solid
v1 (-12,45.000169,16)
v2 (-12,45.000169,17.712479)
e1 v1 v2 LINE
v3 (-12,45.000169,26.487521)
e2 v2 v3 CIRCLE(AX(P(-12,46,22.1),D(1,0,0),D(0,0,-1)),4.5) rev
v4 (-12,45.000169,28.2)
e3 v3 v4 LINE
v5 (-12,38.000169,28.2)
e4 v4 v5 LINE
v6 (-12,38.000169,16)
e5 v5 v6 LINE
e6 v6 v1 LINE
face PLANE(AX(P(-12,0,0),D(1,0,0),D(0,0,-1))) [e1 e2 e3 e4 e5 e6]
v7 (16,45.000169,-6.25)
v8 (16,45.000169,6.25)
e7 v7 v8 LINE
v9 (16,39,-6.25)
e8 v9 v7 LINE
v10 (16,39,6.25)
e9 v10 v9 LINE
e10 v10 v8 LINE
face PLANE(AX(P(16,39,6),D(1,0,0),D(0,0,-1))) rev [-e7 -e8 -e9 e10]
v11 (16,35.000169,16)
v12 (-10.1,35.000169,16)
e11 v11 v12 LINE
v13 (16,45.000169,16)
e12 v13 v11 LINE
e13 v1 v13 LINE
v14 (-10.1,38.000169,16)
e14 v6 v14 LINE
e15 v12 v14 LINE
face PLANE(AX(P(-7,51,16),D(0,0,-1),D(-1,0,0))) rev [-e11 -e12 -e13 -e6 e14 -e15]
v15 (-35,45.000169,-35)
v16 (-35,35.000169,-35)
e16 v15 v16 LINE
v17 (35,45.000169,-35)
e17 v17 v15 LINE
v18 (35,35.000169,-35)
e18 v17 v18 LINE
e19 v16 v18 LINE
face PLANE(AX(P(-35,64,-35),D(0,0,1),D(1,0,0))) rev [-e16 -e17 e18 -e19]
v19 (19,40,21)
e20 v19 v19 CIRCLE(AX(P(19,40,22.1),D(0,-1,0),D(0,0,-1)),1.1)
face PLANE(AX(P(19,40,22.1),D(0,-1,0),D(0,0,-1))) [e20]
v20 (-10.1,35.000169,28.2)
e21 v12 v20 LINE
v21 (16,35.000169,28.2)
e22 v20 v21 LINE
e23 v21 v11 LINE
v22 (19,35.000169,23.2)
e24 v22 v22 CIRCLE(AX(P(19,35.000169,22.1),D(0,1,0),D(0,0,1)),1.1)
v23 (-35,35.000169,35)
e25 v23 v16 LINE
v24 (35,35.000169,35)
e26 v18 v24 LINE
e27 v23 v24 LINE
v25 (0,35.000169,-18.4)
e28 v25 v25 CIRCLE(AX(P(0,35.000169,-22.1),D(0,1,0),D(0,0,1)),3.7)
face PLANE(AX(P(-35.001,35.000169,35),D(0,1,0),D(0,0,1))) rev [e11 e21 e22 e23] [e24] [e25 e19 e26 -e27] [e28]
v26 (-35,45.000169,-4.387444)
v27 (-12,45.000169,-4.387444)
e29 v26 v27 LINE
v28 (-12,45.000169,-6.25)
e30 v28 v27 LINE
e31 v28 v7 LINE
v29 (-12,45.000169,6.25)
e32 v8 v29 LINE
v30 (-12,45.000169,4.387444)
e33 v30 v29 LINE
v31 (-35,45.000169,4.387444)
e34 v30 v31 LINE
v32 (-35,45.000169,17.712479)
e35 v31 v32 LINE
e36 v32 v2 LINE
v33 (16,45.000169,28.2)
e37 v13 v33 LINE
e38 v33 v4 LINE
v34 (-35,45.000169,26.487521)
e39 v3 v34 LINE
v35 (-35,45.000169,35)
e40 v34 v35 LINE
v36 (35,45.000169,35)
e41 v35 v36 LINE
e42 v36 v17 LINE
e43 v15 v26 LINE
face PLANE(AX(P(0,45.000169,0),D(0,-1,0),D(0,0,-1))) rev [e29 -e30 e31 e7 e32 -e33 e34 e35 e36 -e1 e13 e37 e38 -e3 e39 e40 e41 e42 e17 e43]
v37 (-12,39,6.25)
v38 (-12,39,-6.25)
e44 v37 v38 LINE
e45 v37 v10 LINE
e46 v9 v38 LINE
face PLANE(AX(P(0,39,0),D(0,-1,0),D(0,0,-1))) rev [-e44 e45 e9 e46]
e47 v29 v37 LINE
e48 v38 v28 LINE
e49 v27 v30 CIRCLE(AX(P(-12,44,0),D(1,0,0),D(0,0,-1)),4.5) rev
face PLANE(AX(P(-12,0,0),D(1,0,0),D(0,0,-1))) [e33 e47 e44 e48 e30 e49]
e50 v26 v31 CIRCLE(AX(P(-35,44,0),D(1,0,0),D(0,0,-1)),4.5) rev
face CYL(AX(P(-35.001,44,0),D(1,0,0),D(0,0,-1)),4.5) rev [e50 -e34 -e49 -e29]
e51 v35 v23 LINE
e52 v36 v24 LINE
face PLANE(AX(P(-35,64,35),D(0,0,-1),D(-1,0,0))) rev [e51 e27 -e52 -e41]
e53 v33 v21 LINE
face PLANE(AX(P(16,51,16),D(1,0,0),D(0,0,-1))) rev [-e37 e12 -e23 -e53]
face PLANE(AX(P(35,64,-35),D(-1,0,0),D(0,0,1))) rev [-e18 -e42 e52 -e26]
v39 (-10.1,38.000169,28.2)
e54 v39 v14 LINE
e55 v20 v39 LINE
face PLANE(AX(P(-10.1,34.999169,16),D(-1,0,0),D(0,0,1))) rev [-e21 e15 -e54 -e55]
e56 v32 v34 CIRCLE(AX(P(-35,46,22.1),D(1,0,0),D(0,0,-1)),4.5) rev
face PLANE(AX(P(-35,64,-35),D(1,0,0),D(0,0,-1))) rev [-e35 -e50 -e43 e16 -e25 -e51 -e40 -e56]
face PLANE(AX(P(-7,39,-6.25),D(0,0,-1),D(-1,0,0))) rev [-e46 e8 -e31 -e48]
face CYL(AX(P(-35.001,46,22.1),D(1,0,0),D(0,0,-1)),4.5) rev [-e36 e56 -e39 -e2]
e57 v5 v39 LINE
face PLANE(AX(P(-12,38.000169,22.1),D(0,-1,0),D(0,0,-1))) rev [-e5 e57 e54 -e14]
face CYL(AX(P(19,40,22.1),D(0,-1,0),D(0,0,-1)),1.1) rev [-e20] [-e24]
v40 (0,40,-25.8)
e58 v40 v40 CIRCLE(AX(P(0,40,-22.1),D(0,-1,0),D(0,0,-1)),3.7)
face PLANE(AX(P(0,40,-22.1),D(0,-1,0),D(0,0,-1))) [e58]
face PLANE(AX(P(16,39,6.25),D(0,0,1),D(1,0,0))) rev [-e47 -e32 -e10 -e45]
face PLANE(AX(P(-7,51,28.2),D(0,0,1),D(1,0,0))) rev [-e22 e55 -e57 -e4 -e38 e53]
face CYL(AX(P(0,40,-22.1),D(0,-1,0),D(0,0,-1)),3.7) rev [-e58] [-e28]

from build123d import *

# Parameters (mm, degrees)
CROQUIS1_W              = 64
CROQUIS1_H              = 64
SALIENTE_EXTRUIR1_DEPTH = 60
CROQUIS2_W              = 70
CROQUIS2_H              = 70
CROQUIS2_W_2            = 64
CROQUIS2_H_2            = 64
SALIENTE_EXTRUIR2_DEPTH = 64
CORTAR_EXTRUIR1_DEPTH   = 21
CROQUIS5_R              = 1.1
CORTAR_EXTRUIR2_DEPTH   = 10
CORTAR_EXTRUIR3_REACH   = 30
CROQUIS10_R             = 4.5
CROQUIS11_W             = 70
CROQUIS11_H             = 70
CORTAR_EXTRUIR4_DEPTH   = 30
CROQUIS12_W             = 23
CROQUIS12_H             = 12.2
CORTAR_EXTRUIR5_DEPTH   = 21
CORTAR_EXTRUIR6_REACH   = 30
CROQUIS13_R             = 4.5
CROQUIS14_R             = 1.1
CORTAR_EXTRUIR7_DEPTH   = 10
CROQUIS15_R             = 3.7
CORTAR_EXTRUIR8_DEPTH   = 10
CROQUIS16_W             = 64
CROQUIS16_H             = 64
CORTAR_EXTRUIR9_DEPTH   = 5
CROQUIS17_W             = 12.5
CROQUIS17_H             = 12.998685397
CORTAR_EXTRUIR10_DEPTH  = 5
CORTAR_EXTRUIR11_REACH  = 72
CROQUIS18_W             = 70
CROQUIS18_H             = 9
CROQUIS18_H_2           = 5.000169364
CORTAR_EXTRUIR13_DEPTH  = 5
CORTAR_EXTRUIR14_REACH  = 12
CROQUIS21_W             = 81.467019472
CROQUIS21_H             = 81.467019472
CORTAR_EXTRUIR15_REACH  = 5
CROQUIS22_W             = 3.1
CROQUIS22_H             = 12.2


with BuildPart() as part:
    # Croquis1 → Saliente-Extruir1 (new body)
    with BuildSketch(Plane(origin=(0, 0, 0), x_dir=(1, 0, 0), z_dir=(0, 1, 0))):
        Rectangle(CROQUIS1_W, CROQUIS1_H)
    extrude(amount=SALIENTE_EXTRUIR1_DEPTH)

    # Croquis2 → Saliente-Extruir2 (add)
    with BuildSketch(Plane(origin=(0, 0, 0), x_dir=(1, 0, 0), z_dir=(0, 1, 0))):
        Rectangle(CROQUIS2_W, CROQUIS2_H)
        Rectangle(CROQUIS2_W_2, CROQUIS2_H_2, mode=Mode.SUBTRACT)
    extrude(amount=SALIENTE_EXTRUIR2_DEPTH)

    # Croquis4 → Cortar-Extruir1 (cut)
    with BuildSketch(Plane(origin=(0, 60, 0), x_dir=(1, 0, 0), z_dir=(0, 1, 0))):
        Polygon((-7, 6), (-7, -6), (-7, -6.25), (16, -6.25), (16, -6), (16, 6), (16, 6.25), (-7, 6.25), align=None)
    extrude(amount=-CORTAR_EXTRUIR1_DEPTH, mode=Mode.SUBTRACT)

    # Croquis5 → Cortar-Extruir2 (cut)
    with BuildSketch(Plane(origin=(0, 60, 0), x_dir=(1, 0, 0), z_dir=(0, 1, 0))):
        with Locations((19, 0)):
            Circle(CROQUIS5_R)
        with Locations((-9, 0)):
            Circle(CROQUIS5_R)
    extrude(amount=-CORTAR_EXTRUIR2_DEPTH, mode=Mode.SUBTRACT)

    # Croquis10 → Cortar-Extruir3 (cut, up to next)
    with BuildSketch(Plane(origin=(-7, 0, 0), x_dir=(0, 0, -1), z_dir=(1, 0, 0)), mode=Mode.PRIVATE) as cortar_extruir3_sk1:
        with Locations((0, 44)):
            Circle(CROQUIS10_R)
    cortar_extruir3_tool1 = extrude(cortar_extruir3_sk1.sketch, amount=-CORTAR_EXTRUIR3_REACH, mode=Mode.PRIVATE) & part.part
    add(cortar_extruir3_tool1.solids().sort_by_distance((-7, 44, 0))[0], mode=Mode.SUBTRACT)

    # Croquis11 → Cortar-Extruir4 (cut)
    with BuildSketch(Plane.XZ):
        Rectangle(CROQUIS11_W, CROQUIS11_H)
    extrude(amount=-CORTAR_EXTRUIR4_DEPTH, mode=Mode.SUBTRACT)

    # Croquis12 → Cortar-Extruir5 (cut)
    with BuildSketch(Plane.XZ.offset(-30)):
        with Locations((4.5, 22.1)):
            Rectangle(CROQUIS12_W, CROQUIS12_H)
    extrude(amount=-CORTAR_EXTRUIR5_DEPTH, mode=Mode.SUBTRACT)

    # Croquis13 → Cortar-Extruir6 (cut, up to next)
    with BuildSketch(Plane(origin=(-7, 0, 0), x_dir=(0, 0, -1), z_dir=(1, 0, 0)), mode=Mode.PRIVATE) as cortar_extruir6_sk1:
        with Locations((-22.1, 46)):
            Circle(CROQUIS13_R)
    cortar_extruir6_tool1 = extrude(cortar_extruir6_sk1.sketch, amount=-CORTAR_EXTRUIR6_REACH, mode=Mode.PRIVATE) & part.part
    add(cortar_extruir6_tool1.solids().sort_by_distance((-7, 46, 22.1))[0], mode=Mode.SUBTRACT)

    # Croquis14 → Cortar-Extruir7 (cut)
    with BuildSketch(Plane.XZ.offset(-30)):
        with Locations((19, 22.1)):
            Circle(CROQUIS14_R)
        with Locations((-9, 22.1)):
            Circle(CROQUIS14_R)
    extrude(amount=-CORTAR_EXTRUIR7_DEPTH, mode=Mode.SUBTRACT)

    # Croquis15 → Cortar-Extruir8 (cut)
    with BuildSketch(Plane.XZ.offset(-30)):
        with Locations((0, -22.1)):
            Circle(CROQUIS15_R)
    extrude(amount=-CORTAR_EXTRUIR8_DEPTH, mode=Mode.SUBTRACT)

    # Croquis16 → Cortar-Extruir9 (cut)
    with BuildSketch(Plane(origin=(0, 60, 0), x_dir=(1, 0, 0), z_dir=(0, 1, 0))):
        Rectangle(CROQUIS16_W, CROQUIS16_H)
    extrude(amount=-CORTAR_EXTRUIR9_DEPTH, mode=Mode.SUBTRACT)

    # Croquis17 → Cortar-Extruir10 (cut)
    with BuildSketch(Plane(origin=(-7, 0, 0), x_dir=(0, 0, -1), z_dir=(1, 0, 0))):
        with Locations((0, 45.499342699)):
            Rectangle(CROQUIS17_W, CROQUIS17_H)
    extrude(amount=-CORTAR_EXTRUIR10_DEPTH, mode=Mode.SUBTRACT)

    # Croquis18 → Cortar-Extruir11 (cut, up to next)
    with BuildSketch(Plane(origin=(35, 0, 0), x_dir=(0, 0, -1), z_dir=(1, 0, 0)), mode=Mode.PRIVATE) as cortar_extruir11_sk1:
        with Locations((0, 59.5)):
            Rectangle(CROQUIS18_W, CROQUIS18_H)
    cortar_extruir11_tool1 = extrude(cortar_extruir11_sk1.sketch, amount=-CORTAR_EXTRUIR11_REACH, mode=Mode.PRIVATE) & part.part
    add(cortar_extruir11_tool1.solids().sort_by_distance((35, 59.5, 0))[0], mode=Mode.SUBTRACT)
    # Croquis18 → Cortar-Extruir11 (cut, up to next)
    with BuildSketch(Plane(origin=(35, 0, 0), x_dir=(0, 0, -1), z_dir=(1, 0, 0)), mode=Mode.PRIVATE) as cortar_extruir11_sk2:
        with Locations((0, 32.500084682)):
            Rectangle(CROQUIS18_W, CROQUIS18_H_2)
    cortar_extruir11_tool2 = extrude(cortar_extruir11_sk2.sketch, amount=-CORTAR_EXTRUIR11_REACH, mode=Mode.PRIVATE) & part.part
    add(cortar_extruir11_tool2.solids().sort_by_distance((35, 32.500085, 0))[0], mode=Mode.SUBTRACT)

    # Croquis19 → Cortar-Extruir13 (cut)
    with BuildSketch(Plane(origin=(-7, 0, 0), x_dir=(0, 0, -1), z_dir=(1, 0, 0))):
        Polygon((-16, 51), (-28.2, 51), (-28.2, 38.000169364), (-22.1, 38.000169364), (-16, 38.000169364), align=None)
    extrude(amount=-CORTAR_EXTRUIR13_DEPTH, mode=Mode.SUBTRACT)

    # Croquis21 → Cortar-Extruir14 (cut, up to next)
    with BuildSketch(Plane(origin=(0, 45.000169364, 0), x_dir=(-1, 0, 0), z_dir=(0, -1, 0)), mode=Mode.PRIVATE) as cortar_extruir14_sk1:
        with Locations((0.076423095, -0.764230952)):
            Rectangle(CROQUIS21_W, CROQUIS21_H)
    cortar_extruir14_tool1 = extrude(cortar_extruir14_sk1.sketch, amount=-CORTAR_EXTRUIR14_REACH, mode=Mode.PRIVATE) & part.part
    add(cortar_extruir14_tool1.solids().sort_by_distance((-0.076423, 45.000169, 0.764231))[0], mode=Mode.SUBTRACT)

    # Croquis22 → Cortar-Extruir15 (cut, up to next)
    with BuildSketch(Plane(origin=(0, 38.000169364, 0), x_dir=(1, 0, 0), z_dir=(0, 1, 0)), mode=Mode.PRIVATE) as cortar_extruir15_sk1:
        with Locations((-8.55, -22.1)):
            Rectangle(CROQUIS22_W, CROQUIS22_H)
    cortar_extruir15_tool1 = extrude(cortar_extruir15_sk1.sketch, amount=-CORTAR_EXTRUIR15_REACH, mode=Mode.PRIVATE) & part.part
    add(cortar_extruir15_tool1.solids().sort_by_distance((-8.55, 38.000169, 22.1))[0], mode=Mode.SUBTRACT)


solid = part.part
